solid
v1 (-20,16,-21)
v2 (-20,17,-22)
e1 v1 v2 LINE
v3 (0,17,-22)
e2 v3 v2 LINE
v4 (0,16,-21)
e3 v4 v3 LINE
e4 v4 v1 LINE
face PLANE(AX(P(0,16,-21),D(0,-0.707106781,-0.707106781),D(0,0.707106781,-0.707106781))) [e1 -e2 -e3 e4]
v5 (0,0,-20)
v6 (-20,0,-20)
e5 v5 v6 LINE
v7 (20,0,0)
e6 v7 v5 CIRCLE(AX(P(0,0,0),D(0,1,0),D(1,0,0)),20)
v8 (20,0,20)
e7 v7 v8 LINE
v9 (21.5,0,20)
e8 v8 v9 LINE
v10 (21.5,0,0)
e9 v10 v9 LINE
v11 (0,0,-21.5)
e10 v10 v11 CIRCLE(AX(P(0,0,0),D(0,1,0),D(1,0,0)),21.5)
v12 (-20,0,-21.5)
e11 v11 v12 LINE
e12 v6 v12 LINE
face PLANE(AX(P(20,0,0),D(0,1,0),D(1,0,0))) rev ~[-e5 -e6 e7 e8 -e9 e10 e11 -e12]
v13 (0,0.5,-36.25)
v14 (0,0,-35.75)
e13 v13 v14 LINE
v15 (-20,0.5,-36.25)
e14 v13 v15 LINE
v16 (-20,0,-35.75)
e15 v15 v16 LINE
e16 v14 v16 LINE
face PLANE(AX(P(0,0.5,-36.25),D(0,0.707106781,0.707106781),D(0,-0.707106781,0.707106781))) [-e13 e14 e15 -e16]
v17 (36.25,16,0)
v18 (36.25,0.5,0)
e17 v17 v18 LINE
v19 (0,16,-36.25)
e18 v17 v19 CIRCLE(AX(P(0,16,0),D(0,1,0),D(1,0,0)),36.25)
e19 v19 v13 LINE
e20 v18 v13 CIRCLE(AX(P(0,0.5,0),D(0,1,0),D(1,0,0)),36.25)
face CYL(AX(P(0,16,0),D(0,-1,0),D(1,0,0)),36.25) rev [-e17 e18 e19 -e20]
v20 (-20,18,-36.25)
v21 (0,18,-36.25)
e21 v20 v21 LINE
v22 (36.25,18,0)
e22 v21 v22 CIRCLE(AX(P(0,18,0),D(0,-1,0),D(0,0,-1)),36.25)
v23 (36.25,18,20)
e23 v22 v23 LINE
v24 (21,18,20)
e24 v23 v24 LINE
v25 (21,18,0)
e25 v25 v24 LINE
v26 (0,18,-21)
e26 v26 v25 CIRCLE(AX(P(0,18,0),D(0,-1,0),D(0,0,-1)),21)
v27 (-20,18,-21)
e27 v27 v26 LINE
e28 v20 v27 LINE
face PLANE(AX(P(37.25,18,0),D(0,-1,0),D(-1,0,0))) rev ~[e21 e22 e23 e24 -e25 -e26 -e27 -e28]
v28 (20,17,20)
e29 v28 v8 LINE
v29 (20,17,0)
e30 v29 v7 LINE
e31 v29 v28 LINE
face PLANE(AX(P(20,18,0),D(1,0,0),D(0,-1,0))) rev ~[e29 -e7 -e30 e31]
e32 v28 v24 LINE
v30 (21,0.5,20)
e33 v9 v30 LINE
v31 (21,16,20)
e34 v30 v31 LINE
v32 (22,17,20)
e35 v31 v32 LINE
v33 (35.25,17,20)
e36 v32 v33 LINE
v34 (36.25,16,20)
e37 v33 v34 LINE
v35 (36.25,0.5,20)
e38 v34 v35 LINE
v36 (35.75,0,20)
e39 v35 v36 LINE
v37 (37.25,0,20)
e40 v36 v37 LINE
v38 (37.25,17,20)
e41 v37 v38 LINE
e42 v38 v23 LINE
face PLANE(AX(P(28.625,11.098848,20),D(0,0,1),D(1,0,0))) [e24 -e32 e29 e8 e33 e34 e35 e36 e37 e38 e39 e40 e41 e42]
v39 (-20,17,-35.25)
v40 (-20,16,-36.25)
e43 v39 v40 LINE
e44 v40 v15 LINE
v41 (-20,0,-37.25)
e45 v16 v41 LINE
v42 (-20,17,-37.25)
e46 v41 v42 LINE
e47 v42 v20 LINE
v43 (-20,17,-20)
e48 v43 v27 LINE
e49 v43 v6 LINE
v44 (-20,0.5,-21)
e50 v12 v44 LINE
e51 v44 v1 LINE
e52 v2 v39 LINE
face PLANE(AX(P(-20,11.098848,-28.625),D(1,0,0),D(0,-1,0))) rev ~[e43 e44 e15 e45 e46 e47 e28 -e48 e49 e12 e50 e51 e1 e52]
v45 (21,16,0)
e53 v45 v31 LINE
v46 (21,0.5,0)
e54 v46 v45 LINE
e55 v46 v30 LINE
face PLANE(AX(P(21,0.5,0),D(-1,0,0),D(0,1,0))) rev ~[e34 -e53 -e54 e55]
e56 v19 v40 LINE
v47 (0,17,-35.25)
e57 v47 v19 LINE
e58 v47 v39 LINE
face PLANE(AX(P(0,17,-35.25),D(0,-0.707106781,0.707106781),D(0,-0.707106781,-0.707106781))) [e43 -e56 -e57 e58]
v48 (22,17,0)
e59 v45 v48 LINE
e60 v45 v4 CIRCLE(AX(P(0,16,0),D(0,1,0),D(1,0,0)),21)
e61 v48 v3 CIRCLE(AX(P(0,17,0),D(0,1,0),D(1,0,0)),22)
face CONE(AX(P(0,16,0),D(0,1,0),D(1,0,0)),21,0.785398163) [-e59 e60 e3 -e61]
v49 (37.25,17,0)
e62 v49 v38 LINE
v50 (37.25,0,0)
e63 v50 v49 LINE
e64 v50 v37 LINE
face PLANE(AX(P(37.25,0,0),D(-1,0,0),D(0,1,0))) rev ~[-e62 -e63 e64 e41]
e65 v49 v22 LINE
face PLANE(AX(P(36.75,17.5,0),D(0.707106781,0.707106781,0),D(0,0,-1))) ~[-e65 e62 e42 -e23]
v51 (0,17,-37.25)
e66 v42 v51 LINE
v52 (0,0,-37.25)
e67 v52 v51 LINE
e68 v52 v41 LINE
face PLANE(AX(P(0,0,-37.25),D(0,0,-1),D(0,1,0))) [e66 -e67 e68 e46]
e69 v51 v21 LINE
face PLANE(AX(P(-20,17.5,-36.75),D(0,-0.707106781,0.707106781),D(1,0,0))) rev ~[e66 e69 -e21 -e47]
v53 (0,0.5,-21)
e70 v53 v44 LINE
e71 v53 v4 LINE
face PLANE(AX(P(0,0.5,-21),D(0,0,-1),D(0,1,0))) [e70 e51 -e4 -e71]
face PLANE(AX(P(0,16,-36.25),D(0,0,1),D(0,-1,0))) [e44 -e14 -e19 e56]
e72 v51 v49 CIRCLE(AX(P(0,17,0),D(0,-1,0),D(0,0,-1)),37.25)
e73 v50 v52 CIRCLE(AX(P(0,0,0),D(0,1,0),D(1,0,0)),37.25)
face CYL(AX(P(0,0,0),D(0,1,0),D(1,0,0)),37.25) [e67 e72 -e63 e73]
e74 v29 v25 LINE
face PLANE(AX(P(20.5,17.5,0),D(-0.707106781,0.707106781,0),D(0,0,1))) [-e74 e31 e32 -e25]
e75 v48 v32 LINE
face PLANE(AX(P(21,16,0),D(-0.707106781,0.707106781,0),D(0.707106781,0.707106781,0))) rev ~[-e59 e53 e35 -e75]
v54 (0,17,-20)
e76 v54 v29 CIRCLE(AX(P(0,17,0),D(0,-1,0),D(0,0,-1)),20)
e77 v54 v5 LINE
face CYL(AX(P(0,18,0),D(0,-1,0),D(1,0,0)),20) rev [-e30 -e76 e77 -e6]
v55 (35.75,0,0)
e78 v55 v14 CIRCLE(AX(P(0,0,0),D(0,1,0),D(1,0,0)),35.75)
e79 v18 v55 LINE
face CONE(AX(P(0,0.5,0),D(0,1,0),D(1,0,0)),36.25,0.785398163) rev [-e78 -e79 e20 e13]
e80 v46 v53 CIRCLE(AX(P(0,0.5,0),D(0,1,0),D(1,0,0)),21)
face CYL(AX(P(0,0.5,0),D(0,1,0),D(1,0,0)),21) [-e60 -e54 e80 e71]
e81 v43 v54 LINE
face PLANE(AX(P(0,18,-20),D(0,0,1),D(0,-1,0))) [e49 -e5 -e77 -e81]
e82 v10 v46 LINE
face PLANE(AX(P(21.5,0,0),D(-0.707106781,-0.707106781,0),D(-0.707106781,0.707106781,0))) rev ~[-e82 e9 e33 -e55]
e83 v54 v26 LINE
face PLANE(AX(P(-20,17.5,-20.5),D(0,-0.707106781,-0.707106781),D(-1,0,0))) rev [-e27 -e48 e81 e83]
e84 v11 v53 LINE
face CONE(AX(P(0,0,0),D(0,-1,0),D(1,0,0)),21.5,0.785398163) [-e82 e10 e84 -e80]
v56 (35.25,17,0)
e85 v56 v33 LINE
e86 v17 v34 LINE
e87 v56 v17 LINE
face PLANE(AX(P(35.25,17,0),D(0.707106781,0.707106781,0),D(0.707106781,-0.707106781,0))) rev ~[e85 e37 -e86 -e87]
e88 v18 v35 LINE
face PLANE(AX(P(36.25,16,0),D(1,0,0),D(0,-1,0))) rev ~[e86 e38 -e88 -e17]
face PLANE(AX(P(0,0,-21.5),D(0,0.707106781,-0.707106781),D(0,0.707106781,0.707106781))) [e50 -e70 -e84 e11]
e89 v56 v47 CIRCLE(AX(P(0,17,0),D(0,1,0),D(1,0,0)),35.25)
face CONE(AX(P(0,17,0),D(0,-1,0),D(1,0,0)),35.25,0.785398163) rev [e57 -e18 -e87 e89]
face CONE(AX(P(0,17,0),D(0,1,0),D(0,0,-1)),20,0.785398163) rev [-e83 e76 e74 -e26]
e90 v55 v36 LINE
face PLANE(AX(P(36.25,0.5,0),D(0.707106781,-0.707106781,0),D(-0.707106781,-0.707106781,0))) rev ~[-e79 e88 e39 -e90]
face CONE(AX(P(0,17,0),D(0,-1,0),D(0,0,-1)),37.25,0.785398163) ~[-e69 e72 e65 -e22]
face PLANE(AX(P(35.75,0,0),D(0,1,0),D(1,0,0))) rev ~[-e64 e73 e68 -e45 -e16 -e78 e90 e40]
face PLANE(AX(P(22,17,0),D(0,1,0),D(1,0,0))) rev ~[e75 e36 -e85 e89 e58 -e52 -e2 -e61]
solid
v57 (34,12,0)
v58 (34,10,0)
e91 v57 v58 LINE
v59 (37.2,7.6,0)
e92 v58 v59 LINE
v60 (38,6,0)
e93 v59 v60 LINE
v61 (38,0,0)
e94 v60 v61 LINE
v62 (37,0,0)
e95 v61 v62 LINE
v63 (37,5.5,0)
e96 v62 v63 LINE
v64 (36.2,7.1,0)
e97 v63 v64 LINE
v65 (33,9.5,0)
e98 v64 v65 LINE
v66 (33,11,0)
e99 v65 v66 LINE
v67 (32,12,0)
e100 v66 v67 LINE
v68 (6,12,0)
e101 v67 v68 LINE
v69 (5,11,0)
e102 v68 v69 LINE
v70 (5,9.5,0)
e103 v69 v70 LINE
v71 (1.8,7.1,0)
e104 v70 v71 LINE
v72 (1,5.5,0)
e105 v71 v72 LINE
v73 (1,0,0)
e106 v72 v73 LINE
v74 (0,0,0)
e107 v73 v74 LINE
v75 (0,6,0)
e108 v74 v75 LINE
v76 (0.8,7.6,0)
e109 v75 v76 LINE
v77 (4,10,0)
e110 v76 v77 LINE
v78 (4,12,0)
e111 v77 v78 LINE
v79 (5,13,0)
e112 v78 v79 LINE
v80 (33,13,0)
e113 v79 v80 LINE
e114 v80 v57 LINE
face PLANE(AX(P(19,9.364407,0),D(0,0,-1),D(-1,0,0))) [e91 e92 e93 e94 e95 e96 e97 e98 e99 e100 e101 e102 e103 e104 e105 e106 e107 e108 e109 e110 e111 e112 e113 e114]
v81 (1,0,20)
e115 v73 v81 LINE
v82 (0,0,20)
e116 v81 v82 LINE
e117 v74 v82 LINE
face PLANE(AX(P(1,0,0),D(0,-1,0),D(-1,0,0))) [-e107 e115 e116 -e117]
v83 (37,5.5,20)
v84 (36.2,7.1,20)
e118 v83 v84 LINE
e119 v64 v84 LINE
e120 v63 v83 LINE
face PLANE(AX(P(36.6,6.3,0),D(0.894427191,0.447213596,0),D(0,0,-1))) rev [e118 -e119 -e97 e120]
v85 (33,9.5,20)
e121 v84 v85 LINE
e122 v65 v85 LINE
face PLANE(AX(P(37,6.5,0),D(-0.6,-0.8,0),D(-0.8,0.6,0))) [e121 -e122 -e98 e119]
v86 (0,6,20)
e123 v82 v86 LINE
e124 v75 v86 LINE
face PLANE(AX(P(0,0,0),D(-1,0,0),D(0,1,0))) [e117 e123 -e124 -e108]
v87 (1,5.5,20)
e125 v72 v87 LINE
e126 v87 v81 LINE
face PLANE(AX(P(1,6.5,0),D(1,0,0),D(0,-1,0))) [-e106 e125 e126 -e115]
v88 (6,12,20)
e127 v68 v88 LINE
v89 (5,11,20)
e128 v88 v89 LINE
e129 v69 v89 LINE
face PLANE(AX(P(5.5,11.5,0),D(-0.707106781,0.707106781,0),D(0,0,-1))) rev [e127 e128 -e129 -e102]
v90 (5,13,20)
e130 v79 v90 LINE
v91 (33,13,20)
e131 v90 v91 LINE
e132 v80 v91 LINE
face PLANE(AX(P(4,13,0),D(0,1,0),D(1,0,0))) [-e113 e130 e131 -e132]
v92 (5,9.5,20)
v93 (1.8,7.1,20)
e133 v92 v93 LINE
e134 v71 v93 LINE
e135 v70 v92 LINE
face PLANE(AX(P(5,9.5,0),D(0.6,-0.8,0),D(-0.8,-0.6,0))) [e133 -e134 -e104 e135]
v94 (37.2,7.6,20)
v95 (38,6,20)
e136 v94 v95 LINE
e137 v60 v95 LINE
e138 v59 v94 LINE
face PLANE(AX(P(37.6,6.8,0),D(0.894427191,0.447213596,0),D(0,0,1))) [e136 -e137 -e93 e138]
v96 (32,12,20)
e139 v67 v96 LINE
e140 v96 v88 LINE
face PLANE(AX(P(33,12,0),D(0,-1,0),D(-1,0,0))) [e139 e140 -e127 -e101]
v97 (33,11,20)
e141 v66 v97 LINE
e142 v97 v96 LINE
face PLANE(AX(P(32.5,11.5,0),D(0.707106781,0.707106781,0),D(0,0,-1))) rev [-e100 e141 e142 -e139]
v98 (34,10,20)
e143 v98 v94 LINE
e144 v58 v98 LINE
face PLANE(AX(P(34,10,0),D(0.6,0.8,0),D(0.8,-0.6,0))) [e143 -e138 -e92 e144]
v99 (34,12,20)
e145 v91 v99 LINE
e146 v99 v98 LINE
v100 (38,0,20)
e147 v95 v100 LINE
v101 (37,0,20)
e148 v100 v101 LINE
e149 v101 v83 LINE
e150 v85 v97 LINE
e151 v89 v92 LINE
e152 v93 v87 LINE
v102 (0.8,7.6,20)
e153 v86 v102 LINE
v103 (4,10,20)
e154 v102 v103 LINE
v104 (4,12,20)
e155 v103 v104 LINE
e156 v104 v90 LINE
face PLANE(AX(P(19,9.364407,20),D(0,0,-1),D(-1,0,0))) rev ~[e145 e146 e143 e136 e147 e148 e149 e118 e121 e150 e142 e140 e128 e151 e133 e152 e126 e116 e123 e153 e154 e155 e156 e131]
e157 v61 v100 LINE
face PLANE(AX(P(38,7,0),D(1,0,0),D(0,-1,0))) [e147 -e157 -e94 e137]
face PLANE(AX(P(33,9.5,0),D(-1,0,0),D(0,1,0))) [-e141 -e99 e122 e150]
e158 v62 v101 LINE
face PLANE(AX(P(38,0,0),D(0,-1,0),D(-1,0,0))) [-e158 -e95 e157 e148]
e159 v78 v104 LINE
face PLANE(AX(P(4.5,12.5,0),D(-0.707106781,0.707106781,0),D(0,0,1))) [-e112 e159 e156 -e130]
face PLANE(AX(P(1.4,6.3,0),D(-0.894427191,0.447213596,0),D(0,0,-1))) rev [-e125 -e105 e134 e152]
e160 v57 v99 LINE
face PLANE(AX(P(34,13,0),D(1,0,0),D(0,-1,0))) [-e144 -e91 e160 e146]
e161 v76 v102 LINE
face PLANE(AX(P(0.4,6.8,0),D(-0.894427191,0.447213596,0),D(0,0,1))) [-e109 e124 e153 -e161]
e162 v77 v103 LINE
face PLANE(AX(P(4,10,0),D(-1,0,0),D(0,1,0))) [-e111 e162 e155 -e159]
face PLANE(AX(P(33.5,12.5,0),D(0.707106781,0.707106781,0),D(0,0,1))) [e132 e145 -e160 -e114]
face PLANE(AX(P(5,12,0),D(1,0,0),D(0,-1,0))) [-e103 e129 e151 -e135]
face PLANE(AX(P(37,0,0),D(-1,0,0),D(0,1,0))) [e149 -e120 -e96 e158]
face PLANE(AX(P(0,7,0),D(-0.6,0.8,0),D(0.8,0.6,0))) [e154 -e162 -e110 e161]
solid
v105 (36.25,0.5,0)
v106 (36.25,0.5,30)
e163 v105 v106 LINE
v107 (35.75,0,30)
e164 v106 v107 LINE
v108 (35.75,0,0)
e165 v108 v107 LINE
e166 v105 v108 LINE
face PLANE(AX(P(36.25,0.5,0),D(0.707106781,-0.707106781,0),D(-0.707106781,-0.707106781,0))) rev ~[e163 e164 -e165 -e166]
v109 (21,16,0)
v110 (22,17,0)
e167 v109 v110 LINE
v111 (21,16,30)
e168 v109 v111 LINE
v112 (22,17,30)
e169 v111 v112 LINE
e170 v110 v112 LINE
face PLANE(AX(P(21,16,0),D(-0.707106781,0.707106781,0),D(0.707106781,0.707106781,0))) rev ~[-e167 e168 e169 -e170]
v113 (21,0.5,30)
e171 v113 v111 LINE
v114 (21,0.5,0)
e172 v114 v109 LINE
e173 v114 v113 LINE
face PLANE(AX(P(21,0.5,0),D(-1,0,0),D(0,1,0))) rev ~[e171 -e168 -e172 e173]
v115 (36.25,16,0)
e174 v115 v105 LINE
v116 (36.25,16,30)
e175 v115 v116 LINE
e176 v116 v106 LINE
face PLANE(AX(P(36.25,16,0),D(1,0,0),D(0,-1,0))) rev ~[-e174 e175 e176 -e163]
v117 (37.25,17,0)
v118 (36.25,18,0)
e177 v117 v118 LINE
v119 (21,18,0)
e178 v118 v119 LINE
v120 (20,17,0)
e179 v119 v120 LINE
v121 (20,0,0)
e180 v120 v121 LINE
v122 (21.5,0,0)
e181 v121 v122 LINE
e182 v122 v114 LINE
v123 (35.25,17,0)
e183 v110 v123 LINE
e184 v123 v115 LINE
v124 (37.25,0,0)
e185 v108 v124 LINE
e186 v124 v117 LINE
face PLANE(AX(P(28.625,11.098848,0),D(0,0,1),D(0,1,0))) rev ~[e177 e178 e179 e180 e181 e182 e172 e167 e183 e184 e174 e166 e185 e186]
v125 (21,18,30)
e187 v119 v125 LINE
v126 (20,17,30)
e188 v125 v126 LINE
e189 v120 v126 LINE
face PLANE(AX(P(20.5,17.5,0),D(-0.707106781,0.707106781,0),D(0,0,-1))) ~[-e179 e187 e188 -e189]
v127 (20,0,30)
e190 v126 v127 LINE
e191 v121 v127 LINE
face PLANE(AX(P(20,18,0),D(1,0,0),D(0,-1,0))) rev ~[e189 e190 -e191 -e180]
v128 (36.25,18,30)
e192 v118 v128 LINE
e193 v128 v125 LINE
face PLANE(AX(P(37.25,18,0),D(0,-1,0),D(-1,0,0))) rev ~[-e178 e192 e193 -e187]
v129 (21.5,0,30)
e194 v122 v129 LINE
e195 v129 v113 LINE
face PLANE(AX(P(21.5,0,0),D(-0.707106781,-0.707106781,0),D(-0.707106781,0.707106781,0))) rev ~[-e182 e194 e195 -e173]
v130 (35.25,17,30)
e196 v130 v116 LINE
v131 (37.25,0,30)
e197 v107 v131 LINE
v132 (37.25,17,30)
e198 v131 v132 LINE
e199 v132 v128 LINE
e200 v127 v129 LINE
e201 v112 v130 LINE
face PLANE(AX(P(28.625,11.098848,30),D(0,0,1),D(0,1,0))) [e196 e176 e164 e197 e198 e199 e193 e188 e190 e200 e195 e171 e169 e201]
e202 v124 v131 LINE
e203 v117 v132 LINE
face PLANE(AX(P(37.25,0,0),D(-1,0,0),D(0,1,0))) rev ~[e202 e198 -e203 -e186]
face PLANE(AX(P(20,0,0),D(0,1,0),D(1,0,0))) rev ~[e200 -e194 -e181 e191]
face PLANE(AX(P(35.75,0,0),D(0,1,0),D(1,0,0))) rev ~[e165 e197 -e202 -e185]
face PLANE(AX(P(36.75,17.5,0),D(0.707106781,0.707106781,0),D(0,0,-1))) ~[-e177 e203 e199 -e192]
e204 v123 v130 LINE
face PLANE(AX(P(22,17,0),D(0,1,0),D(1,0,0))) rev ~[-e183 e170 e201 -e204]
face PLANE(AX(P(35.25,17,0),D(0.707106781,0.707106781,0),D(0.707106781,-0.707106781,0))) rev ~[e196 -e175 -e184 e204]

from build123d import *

# Parameters (mm, degrees)
PAD_DEPTH        = 20
CHAMFER_SIZE     = 1
REVOLUTION_ANGLE = 90
PAD001_DEPTH     = 20
PAD002_DEPTH     = 20
CHAMFER001_SIZE  = 1
PAD003_DEPTH     = 30
CHAMFER002_SIZE  = 1


with BuildPart() as clampbody:
    # Sketch → Pad (new body)
    with BuildSketch(Plane.XY):
        Polygon((0, 0), (0, 7), (4, 10), (4, 13), (34, 13), (34, 10), (38, 7), (38, 0), (37, 0), (37, 6.5), (33, 9.5), (33, 12), (5, 12), (5, 9.5), (1, 6.5), (1, 0), align=None)
    extrude(amount=PAD_DEPTH)

    # Chamfer
    chamfer_edges = [clampbody.edges().sort_by_distance(p)[0] for p in [
        (4, 13, 10),
        (0, 7, 10),
        (34, 13, 10),
        (38, 7, 10),
        (1, 6.5, 10),
        (5, 12, 10),
        (33, 12, 10),
        (37, 6.5, 10),
    ]]
    chamfer(chamfer_edges, length=CHAMFER_SIZE)


with BuildPart() as sidecornerbody:
    # Sketch001 → Revolution (revolve)
    with BuildSketch(Plane.XY):
        Polygon((21.5, 0), (21, 0.5), (21, 16), (22, 17), (35.25, 17), (36.25, 16), (36.25, 0.5), (35.75, 0), (37.25, 0), (37.25, 18), (20, 18), (20, 0), align=None)
    revolve(axis=Axis((0, 0, 0), (0, 1, 0)), revolution_arc=REVOLUTION_ANGLE)

    # Binder → Pad001 (new body)
    with BuildSketch(Plane(origin=(0, 11.573016, -28.625), x_dir=(0, -1, 0), z_dir=(1, 0, 0))):
        Polygon((-5.426984, -6.625), (-5.426984, 6.625), (-4.426984, 7.625), (11.073016, 7.625), (11.573016, 7.125), (11.573016, 8.625), (-6.426984, 8.625), (-6.426984, -8.625), (11.573016, -8.625), (11.573016, -7.125), (11.073016, -7.625), (-4.426984, -7.625), align=None)
    extrude(amount=-PAD001_DEPTH)

    # Sketch001 → Pad002 (join)
    with BuildSketch(Plane.XY):
        Polygon((21.5, 0), (21, 0.5), (21, 16), (22, 17), (35.25, 17), (36.25, 16), (36.25, 0.5), (35.75, 0), (37.25, 0), (37.25, 18), (20, 18), (20, 0), align=None)
    extrude(amount=PAD002_DEPTH)

    # Chamfer001
    chamfer001_edges = [sidecornerbody.edges().sort_by_distance(p)[0] for p in [
        (37.25, 18, 10),
        (20, 18, 10),
    ]]
    chamfer(chamfer001_edges, length=CHAMFER001_SIZE)


with BuildPart() as connectorbody:
    # Binder001 → Pad003 (new body)
    with BuildSketch(Plane(origin=(28.625, 11.573016, 0), x_dir=(0, 1, 0), z_dir=(0, 0, 1))):
        Polygon((5.426984, 6.625), (5.426984, -6.625), (4.426984, -7.625), (-11.073016, -7.625), (-11.573016, -7.125), (-11.573016, -8.625), (6.426984, -8.625), (6.426984, 8.625), (-11.573016, 8.625), (-11.573016, 7.125), (-11.073016, 7.625), (4.426984, 7.625), align=None)
    extrude(amount=PAD003_DEPTH)

    # Chamfer002
    chamfer002_edges = [connectorbody.edges().sort_by_distance(p)[0] for p in [
        (20, 18, 15),
        (37.25, 18, 15),
    ]]
    chamfer(chamfer002_edges, length=CHAMFER002_SIZE)


solid = Compound([clampbody.part, sidecornerbody.part, connectorbody.part])
